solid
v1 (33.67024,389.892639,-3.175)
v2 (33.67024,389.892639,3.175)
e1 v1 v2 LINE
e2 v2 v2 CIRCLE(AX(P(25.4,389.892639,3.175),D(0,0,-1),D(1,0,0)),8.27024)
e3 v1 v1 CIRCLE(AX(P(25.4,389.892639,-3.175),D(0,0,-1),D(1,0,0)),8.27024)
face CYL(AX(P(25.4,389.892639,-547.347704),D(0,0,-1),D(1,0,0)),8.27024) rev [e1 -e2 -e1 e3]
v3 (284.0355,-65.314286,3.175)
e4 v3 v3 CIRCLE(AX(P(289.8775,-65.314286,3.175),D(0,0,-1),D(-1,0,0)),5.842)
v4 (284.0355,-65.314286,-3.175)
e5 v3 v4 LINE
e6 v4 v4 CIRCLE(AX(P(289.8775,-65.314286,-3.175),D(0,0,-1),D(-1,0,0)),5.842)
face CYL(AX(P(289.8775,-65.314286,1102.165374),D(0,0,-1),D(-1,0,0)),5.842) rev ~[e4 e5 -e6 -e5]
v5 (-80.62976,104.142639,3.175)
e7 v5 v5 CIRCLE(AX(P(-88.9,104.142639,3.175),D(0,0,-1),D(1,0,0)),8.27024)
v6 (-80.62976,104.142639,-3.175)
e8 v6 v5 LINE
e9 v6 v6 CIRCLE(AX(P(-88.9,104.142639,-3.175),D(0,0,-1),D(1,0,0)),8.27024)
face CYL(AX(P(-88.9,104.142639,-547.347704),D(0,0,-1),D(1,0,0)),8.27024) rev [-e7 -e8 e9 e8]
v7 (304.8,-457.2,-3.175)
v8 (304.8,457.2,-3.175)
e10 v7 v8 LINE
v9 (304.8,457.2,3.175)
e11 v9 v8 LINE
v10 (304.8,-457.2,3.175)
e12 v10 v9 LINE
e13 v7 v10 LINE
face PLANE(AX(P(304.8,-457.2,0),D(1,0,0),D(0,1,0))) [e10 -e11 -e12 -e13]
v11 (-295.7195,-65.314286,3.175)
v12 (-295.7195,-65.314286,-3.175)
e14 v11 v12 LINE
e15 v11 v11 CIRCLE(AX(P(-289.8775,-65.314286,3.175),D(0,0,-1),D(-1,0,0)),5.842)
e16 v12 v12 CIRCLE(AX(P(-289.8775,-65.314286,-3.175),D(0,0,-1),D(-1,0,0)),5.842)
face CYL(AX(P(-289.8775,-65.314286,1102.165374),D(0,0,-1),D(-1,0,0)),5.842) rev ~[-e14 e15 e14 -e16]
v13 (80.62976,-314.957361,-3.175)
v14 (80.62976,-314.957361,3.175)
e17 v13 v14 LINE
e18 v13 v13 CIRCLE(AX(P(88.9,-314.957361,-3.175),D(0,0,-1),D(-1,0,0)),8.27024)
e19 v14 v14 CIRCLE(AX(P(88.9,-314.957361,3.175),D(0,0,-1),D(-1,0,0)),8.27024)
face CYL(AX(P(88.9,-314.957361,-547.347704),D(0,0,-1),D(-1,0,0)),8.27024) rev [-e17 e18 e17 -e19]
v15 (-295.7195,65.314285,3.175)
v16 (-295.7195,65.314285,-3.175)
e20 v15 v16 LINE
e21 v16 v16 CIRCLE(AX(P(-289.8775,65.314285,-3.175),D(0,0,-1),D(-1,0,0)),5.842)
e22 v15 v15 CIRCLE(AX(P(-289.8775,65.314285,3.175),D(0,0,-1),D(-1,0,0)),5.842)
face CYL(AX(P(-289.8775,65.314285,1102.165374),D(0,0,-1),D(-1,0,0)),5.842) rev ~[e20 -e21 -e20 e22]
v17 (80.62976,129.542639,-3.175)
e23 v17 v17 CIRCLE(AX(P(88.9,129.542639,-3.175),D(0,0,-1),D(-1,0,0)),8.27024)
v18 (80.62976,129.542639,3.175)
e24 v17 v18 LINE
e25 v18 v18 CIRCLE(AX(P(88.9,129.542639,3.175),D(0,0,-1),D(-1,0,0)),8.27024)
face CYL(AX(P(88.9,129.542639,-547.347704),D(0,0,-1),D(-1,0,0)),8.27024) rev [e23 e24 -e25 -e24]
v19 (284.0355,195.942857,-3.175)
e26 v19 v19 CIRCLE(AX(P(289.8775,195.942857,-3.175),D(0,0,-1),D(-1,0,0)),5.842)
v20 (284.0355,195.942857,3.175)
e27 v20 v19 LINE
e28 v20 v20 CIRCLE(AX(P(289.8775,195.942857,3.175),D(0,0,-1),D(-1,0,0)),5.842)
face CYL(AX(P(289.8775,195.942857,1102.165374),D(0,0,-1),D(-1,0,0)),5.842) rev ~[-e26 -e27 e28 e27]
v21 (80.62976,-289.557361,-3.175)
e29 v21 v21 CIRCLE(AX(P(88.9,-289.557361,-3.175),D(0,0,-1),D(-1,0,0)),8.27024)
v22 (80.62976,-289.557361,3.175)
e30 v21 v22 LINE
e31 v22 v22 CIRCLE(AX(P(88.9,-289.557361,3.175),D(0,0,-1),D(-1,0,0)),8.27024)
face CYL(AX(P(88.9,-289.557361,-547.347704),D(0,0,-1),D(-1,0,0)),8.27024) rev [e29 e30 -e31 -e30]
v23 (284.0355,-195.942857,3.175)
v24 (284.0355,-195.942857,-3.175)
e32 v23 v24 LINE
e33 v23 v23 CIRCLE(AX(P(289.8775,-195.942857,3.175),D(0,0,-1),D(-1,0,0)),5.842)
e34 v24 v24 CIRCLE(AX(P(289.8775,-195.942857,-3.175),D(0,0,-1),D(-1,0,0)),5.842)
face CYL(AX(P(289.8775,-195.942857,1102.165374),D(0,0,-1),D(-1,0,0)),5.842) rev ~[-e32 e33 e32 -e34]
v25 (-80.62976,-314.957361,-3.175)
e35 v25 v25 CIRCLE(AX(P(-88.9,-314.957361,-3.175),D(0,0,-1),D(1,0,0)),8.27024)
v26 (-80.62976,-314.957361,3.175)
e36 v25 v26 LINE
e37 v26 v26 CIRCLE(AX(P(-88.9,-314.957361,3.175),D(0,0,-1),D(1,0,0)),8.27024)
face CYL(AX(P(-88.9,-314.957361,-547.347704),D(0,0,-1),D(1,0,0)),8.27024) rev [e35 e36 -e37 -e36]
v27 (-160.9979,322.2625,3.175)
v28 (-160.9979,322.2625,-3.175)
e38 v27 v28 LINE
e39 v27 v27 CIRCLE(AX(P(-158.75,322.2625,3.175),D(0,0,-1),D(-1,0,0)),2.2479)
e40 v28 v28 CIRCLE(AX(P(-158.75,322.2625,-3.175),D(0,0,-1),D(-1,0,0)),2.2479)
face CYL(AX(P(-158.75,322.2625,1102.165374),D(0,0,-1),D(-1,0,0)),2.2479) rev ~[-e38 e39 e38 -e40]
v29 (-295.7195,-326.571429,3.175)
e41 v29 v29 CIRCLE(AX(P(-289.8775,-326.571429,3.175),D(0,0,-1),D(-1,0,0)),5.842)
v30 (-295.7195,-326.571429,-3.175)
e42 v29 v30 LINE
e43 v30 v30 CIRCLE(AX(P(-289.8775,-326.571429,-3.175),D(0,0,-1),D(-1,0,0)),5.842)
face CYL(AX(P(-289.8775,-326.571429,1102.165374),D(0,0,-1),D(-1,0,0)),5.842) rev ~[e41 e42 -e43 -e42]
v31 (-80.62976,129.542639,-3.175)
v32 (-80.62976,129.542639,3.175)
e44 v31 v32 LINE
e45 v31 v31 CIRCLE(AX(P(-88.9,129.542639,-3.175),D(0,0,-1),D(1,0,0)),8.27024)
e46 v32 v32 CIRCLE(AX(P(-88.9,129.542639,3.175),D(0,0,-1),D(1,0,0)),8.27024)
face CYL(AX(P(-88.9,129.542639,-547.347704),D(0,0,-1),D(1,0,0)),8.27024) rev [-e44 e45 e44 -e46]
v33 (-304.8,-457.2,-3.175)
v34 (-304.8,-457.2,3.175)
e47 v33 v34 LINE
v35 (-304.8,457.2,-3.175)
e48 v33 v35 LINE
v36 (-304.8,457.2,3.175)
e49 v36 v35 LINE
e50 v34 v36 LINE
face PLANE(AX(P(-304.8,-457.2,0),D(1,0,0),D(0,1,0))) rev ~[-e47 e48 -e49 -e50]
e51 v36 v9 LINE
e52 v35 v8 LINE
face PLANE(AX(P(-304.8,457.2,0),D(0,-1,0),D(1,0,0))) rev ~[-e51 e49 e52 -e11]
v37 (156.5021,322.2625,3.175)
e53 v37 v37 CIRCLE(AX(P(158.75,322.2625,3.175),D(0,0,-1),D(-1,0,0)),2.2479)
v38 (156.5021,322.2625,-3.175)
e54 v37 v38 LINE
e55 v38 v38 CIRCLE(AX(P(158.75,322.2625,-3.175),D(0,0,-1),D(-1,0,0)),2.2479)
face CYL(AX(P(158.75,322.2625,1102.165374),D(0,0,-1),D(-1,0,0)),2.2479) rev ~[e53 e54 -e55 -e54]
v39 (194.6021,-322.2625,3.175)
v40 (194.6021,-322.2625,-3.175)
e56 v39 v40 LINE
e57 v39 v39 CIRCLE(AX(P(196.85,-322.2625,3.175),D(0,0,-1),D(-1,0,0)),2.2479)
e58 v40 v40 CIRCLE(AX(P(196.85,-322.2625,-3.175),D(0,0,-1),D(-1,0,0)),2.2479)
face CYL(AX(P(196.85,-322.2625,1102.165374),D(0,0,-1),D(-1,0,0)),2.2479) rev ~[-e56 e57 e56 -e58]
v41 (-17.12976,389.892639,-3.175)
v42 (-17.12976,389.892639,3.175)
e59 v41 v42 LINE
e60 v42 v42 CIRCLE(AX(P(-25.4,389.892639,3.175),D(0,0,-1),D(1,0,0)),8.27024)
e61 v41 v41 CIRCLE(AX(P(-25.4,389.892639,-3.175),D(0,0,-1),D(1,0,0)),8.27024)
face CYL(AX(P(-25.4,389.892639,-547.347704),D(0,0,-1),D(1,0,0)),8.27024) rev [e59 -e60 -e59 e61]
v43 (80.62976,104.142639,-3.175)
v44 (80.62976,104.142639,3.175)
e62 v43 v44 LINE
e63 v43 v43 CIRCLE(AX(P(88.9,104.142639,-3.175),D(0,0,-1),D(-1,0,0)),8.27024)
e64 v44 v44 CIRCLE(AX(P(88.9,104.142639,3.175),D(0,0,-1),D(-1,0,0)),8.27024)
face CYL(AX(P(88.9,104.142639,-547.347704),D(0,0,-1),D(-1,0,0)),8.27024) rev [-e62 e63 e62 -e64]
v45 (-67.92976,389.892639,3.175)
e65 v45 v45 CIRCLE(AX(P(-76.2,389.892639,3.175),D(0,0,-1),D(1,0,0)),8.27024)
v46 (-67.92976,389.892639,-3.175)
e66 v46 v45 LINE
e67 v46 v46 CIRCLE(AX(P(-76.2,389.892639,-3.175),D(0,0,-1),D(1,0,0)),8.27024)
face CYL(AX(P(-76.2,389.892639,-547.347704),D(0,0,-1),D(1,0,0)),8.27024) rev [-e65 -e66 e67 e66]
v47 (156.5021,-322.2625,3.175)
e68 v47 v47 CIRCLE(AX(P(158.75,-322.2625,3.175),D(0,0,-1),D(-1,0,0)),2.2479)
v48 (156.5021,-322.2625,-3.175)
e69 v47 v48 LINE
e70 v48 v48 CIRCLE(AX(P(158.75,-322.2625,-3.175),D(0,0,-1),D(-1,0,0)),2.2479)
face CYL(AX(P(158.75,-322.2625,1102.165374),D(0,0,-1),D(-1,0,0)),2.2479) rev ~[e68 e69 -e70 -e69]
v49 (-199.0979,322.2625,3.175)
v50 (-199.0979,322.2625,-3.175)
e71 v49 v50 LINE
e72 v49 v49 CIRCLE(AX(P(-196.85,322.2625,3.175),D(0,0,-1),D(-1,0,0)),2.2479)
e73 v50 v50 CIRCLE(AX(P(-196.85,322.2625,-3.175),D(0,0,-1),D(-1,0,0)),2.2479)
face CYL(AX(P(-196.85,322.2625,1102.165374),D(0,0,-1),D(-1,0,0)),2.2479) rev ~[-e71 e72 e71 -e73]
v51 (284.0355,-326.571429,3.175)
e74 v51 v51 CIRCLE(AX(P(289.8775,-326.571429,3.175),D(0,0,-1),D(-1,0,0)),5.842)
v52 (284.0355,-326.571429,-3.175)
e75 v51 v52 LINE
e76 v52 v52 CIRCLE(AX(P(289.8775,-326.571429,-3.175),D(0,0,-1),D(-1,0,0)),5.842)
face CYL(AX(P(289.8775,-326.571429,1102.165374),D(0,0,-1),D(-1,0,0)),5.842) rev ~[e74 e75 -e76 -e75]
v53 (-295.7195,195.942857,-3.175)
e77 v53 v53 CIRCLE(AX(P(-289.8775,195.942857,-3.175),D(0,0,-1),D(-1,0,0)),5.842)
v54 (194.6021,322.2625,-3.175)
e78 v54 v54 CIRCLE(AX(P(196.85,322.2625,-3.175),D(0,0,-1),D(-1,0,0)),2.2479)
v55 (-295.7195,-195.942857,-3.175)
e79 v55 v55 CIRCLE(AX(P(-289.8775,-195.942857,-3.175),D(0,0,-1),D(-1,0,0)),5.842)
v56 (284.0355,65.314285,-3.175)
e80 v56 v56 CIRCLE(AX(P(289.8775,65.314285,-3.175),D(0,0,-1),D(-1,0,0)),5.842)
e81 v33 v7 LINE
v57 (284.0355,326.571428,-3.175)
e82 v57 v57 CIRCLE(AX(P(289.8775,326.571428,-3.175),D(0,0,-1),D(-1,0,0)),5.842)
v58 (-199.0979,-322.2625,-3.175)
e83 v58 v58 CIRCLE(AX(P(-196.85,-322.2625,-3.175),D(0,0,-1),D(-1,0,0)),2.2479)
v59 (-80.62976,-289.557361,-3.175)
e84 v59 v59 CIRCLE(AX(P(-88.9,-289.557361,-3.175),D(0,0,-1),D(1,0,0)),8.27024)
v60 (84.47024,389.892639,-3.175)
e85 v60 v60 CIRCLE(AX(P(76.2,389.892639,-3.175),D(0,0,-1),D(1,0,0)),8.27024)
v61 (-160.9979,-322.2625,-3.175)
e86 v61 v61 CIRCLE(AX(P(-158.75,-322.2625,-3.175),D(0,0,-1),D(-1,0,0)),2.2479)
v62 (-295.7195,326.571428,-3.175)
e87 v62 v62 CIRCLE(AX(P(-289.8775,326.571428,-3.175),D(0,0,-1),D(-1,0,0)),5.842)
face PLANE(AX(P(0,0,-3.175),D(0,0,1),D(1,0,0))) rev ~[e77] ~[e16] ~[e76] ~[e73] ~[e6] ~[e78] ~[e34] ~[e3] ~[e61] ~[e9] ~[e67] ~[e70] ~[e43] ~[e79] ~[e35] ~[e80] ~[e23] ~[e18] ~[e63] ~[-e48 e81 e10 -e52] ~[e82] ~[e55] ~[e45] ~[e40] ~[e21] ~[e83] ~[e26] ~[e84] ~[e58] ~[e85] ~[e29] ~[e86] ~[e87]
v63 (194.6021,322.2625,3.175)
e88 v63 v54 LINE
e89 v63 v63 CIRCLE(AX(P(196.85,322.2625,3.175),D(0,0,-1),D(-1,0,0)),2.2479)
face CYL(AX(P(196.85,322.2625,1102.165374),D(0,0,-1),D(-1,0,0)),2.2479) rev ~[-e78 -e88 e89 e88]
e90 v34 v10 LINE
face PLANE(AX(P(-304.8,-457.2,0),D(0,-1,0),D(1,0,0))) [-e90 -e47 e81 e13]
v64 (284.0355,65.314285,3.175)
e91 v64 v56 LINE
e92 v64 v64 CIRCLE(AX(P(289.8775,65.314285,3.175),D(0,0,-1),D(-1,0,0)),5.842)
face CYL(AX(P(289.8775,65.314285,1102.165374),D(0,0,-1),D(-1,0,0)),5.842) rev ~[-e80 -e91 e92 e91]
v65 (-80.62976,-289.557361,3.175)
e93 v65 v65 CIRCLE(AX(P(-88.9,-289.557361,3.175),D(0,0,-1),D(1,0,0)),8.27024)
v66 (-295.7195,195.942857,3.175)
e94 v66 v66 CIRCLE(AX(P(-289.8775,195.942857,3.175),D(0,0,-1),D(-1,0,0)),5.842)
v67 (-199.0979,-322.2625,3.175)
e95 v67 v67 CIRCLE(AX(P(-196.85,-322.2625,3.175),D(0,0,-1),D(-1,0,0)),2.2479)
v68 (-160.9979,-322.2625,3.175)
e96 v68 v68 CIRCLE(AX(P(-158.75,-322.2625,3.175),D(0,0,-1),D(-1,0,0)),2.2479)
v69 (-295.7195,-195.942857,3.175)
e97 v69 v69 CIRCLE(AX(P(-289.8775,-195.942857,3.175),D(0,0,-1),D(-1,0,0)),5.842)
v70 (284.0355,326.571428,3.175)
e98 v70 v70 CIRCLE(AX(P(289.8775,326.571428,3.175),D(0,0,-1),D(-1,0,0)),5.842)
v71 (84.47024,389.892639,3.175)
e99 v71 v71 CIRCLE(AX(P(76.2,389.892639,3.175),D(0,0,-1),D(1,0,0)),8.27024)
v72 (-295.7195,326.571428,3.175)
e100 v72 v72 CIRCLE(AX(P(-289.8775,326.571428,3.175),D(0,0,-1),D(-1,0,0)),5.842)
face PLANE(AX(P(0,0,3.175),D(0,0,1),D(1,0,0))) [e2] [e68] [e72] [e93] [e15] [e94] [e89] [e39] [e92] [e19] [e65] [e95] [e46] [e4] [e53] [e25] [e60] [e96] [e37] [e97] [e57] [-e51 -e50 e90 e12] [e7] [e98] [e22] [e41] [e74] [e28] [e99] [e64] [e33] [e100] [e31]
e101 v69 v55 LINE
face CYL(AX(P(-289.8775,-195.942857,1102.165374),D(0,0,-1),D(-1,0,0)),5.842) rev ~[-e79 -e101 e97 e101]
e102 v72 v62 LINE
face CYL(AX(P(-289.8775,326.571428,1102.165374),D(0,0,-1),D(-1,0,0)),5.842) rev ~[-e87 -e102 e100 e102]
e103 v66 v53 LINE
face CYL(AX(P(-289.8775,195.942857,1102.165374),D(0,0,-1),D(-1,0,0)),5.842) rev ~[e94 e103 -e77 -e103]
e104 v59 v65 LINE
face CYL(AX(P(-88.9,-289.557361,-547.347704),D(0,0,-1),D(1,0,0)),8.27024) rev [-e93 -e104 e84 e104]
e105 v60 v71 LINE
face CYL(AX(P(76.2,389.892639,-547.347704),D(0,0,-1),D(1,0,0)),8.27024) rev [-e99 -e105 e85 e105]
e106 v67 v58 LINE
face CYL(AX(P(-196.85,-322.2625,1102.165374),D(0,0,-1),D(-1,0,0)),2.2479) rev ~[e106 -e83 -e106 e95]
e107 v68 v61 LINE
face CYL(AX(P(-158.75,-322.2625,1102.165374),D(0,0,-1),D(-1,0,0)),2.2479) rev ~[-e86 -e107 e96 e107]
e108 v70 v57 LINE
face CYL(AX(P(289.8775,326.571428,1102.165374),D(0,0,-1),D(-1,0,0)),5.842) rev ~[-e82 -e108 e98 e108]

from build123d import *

# Parameters (mm, degrees)
SKETCH1_W               = 609.6
SKETCH1_H               = 914.4
BOSS_EXTRUDE1_DEPTH     = 3.175
F_8_CLEARANCE_HOLE1_D   = 4.4958
CUT_EXTRUDE1_DEPTH      = 550.522704263
CUT_EXTRUDE1_DEPTH_BACK = 550.522704263
SKETCH4_R               = 8.27024
F_3_8_CLEARANCE_HOLE1_D = 11.684


with BuildPart() as part:
    # Sketch1 → Boss-Extrude1 (new, symmetric)
    with BuildSketch(Plane.XY):
        Rectangle(SKETCH1_W, SKETCH1_H)
    extrude(amount=BOSS_EXTRUDE1_DEPTH, both=True)

    # #8 Clearance Hole1 (through all)
    with Locations(Plane.XY.offset(3.175)):
        with Locations((-196.85, -322.2625), (-158.75, -322.2625), (196.85, -322.2625), (158.75, -322.2625), (158.75, 322.2625), (196.85, 322.2625), (-158.75, 322.2625), (-196.85, 322.2625)):
            Hole(F_8_CLEARANCE_HOLE1_D / 2)

    # Sketch4 → Cut-Extrude1 (cut, two sides: drawn at the far end of the back side and taken through both)
    with BuildSketch(Plane.XY.offset(3.175).offset(-CUT_EXTRUDE1_DEPTH_BACK)):
        with Locations((76.2, 389.892639343)):
            Circle(SKETCH4_R)
        with Locations((-25.4, 389.892639343)):
            Circle(SKETCH4_R)
        with Locations((25.4, 389.892639343)):
            Circle(SKETCH4_R)
        with Locations((-76.2, 389.892639343)):
            Circle(SKETCH4_R)
        with Locations((-88.9, 129.542639343)):
            Circle(SKETCH4_R)
        with Locations((-88.9, 104.142639343)):
            Circle(SKETCH4_R)
        with Locations((-88.9, -289.557360657)):
            Circle(SKETCH4_R)
        with Locations((-88.9, -314.957360657)):
            Circle(SKETCH4_R)
        with Locations(Location((88.9, -314.957360657, 0), (0, 0, 180))):
            Circle(SKETCH4_R)
        with Locations(Location((88.9, -289.557360657, 0), (0, 0, 180))):
            Circle(SKETCH4_R)
        with Locations(Location((88.9, 104.142639343, 0), (0, 0, 180))):
            Circle(SKETCH4_R)
        with Locations(Location((88.9, 129.542639343, 0), (0, 0, 180))):
            Circle(SKETCH4_R)
    extrude(amount=CUT_EXTRUDE1_DEPTH + CUT_EXTRUDE1_DEPTH_BACK, mode=Mode.SUBTRACT)

    # 3/8 Clearance Hole1 (through all)
    with Locations(Plane.XY.offset(3.175)):
        with Locations((-289.8775, -326.571428571), (-289.8775, -195.942857215), (-289.8775, -65.314285859), (-289.8775, 65.314285497), (-289.8775, 195.942856853), (-289.8775, 326.571428209), (289.8775, 326.571428209), (289.8775, 195.942856853), (289.8775, 65.314285497), (289.8775, -65.314285859), (289.8775, -195.942857215), (289.8775, -326.571428571)):
            Hole(F_3_8_CLEARANCE_HOLE1_D / 2)


solid = part.part
